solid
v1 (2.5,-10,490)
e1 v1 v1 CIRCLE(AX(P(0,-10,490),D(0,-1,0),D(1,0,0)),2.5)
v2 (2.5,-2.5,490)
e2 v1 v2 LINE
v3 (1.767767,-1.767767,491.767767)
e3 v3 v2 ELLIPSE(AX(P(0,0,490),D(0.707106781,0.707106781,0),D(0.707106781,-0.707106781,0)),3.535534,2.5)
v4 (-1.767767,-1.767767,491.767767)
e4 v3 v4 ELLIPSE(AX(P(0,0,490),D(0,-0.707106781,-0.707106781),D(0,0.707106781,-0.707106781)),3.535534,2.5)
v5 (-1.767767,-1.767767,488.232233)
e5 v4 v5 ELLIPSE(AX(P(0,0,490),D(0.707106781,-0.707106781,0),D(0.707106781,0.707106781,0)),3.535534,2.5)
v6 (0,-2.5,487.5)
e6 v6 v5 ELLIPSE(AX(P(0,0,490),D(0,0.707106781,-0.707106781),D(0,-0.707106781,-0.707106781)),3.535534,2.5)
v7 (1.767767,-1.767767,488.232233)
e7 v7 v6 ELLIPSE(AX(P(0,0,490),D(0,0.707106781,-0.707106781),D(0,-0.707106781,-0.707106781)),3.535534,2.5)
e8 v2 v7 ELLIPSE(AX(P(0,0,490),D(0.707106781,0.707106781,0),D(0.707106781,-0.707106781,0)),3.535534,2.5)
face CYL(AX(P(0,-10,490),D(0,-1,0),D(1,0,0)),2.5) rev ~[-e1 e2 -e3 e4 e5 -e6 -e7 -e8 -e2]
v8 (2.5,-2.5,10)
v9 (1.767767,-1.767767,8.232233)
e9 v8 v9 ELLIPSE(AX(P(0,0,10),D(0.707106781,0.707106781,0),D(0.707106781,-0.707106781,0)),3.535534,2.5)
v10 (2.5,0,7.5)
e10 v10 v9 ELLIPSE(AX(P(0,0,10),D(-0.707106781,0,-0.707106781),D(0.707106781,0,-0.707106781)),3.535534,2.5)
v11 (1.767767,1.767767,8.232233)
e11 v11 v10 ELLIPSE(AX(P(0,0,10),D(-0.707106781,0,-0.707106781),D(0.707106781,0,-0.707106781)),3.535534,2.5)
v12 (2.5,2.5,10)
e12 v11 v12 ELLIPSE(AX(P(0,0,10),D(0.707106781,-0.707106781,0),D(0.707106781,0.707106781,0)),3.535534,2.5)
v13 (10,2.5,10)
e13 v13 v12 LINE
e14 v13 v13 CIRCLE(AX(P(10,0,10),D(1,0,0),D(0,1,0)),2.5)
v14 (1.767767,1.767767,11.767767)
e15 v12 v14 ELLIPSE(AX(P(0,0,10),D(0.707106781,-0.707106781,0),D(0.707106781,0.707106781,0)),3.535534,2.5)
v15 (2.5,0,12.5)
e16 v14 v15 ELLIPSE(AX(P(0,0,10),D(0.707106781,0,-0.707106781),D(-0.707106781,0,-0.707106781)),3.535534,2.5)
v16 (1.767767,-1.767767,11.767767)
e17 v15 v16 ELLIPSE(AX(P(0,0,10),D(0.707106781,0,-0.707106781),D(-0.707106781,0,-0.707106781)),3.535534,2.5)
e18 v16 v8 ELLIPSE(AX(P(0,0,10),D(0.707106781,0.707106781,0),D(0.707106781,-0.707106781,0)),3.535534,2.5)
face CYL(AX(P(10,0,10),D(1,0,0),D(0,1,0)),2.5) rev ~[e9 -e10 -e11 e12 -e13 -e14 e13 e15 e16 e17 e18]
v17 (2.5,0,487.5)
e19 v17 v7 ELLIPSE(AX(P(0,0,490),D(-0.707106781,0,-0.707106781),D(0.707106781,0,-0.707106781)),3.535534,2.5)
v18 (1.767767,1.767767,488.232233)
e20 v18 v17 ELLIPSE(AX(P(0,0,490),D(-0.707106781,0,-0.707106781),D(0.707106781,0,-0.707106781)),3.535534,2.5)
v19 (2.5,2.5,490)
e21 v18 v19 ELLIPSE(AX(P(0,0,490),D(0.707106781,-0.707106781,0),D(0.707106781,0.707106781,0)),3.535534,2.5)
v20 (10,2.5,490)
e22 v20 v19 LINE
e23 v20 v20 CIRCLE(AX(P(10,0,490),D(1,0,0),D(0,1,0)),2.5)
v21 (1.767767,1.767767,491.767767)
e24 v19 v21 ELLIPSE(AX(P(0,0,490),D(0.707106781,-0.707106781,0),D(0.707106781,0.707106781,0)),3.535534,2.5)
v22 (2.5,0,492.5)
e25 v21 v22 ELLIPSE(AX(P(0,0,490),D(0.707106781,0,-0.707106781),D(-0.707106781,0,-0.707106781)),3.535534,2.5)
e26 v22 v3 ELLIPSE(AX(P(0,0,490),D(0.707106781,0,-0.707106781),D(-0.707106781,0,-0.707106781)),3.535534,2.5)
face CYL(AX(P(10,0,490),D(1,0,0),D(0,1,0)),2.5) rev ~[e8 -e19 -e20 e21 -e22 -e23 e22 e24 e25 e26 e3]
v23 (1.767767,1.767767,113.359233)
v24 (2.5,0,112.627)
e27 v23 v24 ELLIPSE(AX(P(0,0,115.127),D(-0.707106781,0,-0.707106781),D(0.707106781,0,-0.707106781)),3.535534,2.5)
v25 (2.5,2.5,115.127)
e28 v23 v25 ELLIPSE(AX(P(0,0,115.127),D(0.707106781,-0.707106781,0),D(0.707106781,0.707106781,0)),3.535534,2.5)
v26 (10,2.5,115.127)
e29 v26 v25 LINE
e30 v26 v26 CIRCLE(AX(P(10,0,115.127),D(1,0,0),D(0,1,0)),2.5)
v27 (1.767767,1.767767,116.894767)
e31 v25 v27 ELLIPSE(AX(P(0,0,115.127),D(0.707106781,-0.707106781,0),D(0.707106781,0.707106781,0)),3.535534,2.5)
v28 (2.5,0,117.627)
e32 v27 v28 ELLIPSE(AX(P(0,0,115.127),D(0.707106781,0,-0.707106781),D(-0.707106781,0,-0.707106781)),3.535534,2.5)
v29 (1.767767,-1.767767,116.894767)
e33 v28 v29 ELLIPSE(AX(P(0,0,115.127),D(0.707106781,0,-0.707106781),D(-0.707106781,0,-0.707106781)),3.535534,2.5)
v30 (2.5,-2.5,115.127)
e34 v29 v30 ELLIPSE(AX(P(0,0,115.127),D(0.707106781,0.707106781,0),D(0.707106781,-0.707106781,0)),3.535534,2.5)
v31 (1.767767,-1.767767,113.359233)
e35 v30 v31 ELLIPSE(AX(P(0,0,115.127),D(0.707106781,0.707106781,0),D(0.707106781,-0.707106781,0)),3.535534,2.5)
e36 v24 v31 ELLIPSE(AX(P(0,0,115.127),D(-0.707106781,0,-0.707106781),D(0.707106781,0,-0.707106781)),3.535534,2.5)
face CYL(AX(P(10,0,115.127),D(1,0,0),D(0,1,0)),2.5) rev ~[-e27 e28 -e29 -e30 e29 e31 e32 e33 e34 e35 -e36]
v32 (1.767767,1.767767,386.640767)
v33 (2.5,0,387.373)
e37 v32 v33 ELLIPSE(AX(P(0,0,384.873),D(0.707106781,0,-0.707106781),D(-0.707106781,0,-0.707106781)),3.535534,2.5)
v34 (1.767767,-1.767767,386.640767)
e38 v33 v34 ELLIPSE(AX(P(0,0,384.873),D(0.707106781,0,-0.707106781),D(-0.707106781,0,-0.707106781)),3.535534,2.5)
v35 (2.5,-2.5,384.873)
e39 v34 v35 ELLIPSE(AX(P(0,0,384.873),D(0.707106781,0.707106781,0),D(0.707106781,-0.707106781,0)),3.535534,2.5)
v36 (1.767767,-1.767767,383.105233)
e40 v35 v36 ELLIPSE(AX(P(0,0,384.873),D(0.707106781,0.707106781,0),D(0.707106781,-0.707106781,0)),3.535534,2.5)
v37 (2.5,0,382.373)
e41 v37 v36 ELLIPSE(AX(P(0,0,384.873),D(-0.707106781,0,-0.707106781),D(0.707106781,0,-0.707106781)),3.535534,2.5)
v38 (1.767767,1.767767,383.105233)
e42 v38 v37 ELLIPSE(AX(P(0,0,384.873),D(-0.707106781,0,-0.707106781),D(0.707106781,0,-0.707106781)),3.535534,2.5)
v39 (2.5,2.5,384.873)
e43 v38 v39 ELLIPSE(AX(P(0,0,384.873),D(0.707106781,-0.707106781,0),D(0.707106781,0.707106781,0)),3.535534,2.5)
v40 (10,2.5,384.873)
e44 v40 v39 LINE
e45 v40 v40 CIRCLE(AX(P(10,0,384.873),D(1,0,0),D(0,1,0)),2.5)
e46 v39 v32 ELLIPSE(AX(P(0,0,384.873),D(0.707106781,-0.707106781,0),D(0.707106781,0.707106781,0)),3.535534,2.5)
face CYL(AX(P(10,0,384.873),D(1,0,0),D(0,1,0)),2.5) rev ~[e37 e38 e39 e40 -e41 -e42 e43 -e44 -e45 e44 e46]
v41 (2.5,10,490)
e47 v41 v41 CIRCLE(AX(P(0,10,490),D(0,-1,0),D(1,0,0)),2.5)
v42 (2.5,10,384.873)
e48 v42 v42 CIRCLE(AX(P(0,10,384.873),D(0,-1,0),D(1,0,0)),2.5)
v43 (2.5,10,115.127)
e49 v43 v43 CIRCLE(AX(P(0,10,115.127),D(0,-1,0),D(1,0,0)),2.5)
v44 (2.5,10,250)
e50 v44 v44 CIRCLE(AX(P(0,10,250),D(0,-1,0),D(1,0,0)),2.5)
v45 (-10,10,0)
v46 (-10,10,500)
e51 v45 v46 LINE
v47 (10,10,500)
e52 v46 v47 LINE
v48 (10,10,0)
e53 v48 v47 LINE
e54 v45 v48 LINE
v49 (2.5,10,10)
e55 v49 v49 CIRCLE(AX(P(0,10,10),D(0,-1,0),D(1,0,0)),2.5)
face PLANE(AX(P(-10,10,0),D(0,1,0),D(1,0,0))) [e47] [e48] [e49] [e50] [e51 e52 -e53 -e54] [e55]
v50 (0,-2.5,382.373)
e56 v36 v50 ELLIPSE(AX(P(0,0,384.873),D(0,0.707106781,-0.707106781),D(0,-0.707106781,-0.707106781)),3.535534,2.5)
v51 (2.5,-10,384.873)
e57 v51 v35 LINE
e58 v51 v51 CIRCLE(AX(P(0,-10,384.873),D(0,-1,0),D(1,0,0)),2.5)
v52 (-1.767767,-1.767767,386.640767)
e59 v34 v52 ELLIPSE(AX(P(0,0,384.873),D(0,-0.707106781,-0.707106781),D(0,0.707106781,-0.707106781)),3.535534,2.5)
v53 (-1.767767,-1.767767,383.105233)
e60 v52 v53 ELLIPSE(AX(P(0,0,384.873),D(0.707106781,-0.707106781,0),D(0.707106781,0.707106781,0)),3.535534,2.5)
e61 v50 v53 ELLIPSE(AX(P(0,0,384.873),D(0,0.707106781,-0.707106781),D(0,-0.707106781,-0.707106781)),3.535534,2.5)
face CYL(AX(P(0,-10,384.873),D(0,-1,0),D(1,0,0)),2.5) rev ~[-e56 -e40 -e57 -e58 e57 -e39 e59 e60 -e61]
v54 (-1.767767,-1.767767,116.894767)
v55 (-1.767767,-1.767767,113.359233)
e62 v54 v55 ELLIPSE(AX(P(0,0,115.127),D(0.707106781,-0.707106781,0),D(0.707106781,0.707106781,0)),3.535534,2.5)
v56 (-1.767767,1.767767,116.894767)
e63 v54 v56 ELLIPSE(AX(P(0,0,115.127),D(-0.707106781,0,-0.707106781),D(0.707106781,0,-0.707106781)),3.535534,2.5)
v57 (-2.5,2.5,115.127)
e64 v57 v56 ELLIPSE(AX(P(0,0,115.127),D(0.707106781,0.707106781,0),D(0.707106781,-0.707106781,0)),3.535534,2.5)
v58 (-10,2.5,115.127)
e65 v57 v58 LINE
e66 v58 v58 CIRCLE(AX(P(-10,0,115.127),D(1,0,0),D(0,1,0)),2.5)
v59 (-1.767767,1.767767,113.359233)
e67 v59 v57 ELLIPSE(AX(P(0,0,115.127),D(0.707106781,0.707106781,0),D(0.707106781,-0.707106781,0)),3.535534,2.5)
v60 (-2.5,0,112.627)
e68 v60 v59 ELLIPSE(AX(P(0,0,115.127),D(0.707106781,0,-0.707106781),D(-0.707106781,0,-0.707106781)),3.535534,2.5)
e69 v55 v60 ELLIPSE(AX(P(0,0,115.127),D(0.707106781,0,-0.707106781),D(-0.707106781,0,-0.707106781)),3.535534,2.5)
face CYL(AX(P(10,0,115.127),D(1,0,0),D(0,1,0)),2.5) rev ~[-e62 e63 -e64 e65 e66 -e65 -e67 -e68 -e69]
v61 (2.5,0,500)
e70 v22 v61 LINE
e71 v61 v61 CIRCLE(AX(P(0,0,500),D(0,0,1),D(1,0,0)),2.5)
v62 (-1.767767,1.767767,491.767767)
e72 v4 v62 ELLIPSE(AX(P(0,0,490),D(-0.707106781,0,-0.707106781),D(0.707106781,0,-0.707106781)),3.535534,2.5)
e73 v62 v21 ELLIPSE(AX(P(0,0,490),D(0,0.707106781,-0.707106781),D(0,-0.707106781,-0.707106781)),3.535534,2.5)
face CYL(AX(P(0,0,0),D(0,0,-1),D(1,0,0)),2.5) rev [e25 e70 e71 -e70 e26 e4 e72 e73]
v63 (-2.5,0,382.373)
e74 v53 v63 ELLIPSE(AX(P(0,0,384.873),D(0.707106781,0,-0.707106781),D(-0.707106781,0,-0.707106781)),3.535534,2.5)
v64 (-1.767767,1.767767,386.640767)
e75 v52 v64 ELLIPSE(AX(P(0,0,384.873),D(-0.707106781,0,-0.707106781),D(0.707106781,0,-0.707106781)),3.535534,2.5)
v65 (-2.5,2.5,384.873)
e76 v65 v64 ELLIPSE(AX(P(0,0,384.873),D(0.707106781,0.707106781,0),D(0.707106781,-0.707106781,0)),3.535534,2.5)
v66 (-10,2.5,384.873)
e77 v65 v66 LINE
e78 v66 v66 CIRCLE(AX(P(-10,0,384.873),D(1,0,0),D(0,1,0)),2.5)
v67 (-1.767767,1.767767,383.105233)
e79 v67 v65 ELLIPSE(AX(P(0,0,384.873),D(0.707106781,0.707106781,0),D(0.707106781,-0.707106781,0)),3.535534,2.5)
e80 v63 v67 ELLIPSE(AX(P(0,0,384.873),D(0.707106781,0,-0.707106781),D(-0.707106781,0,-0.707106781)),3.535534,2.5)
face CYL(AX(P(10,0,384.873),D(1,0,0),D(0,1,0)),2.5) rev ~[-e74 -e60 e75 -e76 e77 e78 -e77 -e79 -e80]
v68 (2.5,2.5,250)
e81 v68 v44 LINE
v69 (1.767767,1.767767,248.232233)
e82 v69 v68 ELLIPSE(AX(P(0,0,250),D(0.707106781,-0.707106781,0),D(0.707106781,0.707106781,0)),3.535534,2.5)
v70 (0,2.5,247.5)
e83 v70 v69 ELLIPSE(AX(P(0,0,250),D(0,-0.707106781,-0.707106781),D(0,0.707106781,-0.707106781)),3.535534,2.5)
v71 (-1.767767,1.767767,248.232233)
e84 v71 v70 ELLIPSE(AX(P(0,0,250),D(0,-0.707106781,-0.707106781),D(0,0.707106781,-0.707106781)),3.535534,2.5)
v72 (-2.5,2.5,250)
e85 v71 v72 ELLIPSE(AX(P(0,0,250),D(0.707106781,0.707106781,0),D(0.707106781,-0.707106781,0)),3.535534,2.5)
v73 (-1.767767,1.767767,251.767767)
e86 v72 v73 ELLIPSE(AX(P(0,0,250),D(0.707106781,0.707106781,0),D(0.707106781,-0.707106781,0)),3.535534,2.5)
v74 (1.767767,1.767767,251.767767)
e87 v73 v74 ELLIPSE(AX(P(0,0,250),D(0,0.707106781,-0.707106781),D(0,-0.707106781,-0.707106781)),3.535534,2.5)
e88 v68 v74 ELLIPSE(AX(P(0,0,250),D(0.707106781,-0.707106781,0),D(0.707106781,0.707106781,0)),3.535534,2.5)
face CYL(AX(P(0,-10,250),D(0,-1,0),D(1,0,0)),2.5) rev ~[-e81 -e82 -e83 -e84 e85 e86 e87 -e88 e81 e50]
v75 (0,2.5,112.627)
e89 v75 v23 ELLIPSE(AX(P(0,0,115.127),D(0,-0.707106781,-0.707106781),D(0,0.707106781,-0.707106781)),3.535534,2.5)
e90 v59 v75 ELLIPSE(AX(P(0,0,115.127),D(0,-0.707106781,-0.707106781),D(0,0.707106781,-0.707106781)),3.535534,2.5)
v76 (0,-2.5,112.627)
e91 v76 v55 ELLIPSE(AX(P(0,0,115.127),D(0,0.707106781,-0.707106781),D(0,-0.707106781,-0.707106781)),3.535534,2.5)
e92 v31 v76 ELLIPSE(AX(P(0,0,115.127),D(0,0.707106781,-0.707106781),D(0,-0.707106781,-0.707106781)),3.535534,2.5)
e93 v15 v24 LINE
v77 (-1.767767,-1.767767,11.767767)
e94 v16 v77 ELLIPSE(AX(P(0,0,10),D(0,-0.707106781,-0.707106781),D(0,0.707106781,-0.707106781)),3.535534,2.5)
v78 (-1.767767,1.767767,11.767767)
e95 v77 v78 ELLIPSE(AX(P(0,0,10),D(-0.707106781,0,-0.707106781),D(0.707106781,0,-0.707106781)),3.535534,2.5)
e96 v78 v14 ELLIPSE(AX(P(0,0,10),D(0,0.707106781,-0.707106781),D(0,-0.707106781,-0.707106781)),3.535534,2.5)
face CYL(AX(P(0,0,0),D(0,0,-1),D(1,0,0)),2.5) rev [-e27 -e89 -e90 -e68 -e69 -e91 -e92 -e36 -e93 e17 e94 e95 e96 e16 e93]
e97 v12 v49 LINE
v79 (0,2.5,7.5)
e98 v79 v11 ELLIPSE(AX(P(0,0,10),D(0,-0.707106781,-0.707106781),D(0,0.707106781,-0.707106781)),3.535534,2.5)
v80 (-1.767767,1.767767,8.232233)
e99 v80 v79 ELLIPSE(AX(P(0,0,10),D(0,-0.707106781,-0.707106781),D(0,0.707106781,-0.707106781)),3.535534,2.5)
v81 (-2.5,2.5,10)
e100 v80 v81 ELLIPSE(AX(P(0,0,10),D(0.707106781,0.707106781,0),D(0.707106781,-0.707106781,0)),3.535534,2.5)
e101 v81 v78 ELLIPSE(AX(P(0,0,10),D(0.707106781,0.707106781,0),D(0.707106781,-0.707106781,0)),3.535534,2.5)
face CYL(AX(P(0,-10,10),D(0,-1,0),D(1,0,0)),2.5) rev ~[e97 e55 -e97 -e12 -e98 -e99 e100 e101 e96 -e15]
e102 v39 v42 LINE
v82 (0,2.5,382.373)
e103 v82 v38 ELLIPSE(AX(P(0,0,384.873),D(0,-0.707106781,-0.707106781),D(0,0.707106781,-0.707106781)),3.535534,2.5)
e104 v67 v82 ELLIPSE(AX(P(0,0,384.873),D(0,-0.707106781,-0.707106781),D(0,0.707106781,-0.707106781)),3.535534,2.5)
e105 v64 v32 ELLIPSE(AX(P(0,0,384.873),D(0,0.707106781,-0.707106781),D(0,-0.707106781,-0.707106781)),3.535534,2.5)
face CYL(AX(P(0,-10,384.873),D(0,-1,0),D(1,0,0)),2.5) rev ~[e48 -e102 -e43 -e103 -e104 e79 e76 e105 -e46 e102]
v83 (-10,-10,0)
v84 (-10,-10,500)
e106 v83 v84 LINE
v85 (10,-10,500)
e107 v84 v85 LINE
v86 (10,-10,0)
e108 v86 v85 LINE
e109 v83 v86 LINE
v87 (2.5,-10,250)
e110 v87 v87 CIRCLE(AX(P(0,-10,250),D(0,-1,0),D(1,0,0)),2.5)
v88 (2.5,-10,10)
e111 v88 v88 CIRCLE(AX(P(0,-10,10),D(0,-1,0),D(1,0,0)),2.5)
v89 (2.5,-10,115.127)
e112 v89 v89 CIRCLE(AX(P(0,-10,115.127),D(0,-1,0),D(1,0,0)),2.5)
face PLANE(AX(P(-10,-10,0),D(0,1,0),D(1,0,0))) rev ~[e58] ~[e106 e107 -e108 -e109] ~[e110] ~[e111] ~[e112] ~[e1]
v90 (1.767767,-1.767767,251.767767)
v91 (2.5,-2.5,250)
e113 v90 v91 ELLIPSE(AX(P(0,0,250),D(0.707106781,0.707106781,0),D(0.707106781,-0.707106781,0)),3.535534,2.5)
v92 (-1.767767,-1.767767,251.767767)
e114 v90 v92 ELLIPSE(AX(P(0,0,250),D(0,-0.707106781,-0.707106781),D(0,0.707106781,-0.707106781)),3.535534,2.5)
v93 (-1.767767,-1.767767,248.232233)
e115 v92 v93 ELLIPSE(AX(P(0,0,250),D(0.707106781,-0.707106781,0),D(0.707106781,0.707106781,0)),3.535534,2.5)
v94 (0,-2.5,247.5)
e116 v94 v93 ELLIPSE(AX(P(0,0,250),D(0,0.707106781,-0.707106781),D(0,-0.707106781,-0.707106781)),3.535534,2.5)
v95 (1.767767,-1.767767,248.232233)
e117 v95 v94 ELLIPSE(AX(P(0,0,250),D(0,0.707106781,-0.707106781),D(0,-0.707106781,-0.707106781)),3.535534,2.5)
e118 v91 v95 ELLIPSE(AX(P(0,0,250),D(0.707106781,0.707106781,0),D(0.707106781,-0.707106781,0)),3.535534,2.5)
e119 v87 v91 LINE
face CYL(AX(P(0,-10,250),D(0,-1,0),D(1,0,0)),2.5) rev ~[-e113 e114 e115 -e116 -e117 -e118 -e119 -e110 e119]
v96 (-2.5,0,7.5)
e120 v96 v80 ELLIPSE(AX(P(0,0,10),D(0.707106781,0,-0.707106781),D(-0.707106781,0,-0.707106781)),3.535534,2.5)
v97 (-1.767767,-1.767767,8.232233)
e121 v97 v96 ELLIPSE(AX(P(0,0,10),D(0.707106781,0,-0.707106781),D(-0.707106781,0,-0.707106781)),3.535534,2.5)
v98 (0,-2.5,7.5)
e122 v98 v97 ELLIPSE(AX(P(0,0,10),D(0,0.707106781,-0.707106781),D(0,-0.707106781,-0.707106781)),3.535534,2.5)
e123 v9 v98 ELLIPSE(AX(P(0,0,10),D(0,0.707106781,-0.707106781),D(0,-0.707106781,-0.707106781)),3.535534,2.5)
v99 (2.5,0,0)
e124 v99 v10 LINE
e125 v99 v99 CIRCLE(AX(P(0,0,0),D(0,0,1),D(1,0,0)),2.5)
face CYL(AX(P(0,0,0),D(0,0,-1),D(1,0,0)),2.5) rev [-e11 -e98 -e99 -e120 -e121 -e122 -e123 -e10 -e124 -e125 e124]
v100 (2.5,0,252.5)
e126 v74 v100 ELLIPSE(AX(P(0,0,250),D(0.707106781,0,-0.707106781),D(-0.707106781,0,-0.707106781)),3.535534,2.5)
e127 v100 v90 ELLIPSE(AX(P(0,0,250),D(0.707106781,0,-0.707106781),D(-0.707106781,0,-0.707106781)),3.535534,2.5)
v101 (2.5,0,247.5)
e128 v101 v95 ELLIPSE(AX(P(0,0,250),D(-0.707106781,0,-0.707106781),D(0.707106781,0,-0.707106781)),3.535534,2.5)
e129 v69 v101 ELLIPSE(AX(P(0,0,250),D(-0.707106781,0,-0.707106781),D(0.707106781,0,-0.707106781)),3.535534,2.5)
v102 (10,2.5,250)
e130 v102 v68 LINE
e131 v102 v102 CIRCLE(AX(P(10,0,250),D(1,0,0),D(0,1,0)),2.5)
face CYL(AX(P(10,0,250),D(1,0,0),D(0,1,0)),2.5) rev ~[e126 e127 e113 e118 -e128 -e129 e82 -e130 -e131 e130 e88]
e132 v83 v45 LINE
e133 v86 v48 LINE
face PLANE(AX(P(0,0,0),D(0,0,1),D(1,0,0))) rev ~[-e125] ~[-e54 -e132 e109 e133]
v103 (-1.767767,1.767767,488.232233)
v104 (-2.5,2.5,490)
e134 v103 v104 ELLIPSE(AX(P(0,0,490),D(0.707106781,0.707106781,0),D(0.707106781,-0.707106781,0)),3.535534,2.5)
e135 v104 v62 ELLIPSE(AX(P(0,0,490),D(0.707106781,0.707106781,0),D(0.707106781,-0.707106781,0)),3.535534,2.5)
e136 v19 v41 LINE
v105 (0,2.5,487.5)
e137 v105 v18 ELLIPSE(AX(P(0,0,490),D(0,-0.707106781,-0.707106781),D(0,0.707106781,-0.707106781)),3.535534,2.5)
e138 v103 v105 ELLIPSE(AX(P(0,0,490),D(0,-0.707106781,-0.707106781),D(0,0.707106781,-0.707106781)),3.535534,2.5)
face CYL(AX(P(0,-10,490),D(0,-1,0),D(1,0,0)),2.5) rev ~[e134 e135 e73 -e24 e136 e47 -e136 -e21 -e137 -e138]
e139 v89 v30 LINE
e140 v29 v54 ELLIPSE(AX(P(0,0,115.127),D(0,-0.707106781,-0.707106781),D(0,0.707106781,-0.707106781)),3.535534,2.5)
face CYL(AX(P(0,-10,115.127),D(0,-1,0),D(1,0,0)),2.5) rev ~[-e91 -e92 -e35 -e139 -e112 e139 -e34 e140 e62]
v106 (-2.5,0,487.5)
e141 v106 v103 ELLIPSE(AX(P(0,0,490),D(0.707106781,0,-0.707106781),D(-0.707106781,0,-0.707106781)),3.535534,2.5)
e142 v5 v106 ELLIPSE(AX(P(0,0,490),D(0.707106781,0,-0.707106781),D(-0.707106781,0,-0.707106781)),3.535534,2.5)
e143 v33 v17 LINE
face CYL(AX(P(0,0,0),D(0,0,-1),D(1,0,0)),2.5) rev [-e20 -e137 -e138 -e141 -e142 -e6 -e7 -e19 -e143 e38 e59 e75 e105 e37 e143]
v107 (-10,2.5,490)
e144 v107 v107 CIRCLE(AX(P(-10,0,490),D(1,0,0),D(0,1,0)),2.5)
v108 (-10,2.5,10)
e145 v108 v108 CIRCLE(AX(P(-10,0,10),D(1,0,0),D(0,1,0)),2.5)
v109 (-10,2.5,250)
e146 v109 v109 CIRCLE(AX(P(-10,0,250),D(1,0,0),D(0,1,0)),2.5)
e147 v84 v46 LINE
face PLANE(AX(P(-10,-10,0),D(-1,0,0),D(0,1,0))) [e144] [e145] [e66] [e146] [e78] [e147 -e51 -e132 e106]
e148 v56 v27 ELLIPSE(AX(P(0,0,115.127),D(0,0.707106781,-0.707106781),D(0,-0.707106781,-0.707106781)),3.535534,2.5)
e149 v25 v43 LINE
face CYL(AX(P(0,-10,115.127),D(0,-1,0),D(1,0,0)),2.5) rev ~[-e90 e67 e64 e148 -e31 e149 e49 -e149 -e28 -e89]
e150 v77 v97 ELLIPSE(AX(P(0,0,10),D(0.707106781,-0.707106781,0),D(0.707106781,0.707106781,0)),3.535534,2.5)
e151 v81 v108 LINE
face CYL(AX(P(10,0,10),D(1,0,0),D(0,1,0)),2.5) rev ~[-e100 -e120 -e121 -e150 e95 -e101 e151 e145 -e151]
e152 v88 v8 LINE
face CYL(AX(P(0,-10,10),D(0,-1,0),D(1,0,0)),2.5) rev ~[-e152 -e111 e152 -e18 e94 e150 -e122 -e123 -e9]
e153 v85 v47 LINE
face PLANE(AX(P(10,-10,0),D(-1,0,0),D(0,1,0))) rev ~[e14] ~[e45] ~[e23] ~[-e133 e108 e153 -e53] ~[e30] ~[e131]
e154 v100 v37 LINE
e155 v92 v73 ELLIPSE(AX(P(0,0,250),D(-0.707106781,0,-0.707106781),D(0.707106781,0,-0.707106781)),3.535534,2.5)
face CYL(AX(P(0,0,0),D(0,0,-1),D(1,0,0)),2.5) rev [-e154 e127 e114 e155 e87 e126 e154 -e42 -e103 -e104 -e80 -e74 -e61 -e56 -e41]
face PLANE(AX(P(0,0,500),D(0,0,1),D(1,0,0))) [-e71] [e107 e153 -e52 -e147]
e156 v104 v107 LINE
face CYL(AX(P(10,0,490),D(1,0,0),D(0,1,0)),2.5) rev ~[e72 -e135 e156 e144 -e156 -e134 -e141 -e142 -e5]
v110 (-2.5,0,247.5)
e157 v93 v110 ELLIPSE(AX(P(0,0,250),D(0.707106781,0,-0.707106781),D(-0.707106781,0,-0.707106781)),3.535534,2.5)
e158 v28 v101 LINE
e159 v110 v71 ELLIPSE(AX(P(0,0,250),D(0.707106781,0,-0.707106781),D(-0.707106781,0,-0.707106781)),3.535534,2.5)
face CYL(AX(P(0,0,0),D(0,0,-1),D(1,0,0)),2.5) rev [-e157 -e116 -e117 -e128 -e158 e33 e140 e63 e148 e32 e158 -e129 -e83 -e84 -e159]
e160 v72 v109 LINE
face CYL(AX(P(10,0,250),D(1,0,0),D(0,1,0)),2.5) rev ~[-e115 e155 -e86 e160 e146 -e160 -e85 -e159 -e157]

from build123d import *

# Parameters (mm, degrees)
F0_W     = 20
F0_H     = 20
F0_R     = 2.5
F1_DEPTH = 500
F2_R     = 2.5
F3_DEPTH = 20.001
F4_R     = 2.5
F5_DEPTH = 20.001


with BuildPart() as f1:
    # F0 (on Top) → F1 (new body)
    with BuildSketch(Plane.XY):
        Rectangle(F0_W, F0_H)
        Circle(F0_R, mode=Mode.SUBTRACT)
    extrude(amount=F1_DEPTH)

    # F2 (on face) → F3 (cut, through all)
    with BuildSketch(Plane.YZ.offset(10)):
        with Locations((0, 10)):
            Circle(F2_R)
        with Locations((0, 490)):
            Circle(F2_R)
        with Locations((0, 250)):
            Circle(F2_R)
        with Locations((0, 115.127)):
            Circle(F2_R)
        with Locations((0, 384.873)):
            Circle(F2_R)
    extrude(amount=-F3_DEPTH, mode=Mode.SUBTRACT)

    # F4 (on face) → F5 (cut, through all)
    with BuildSketch(Plane.XZ.offset(10)):
        with Locations((0, 250)):
            Circle(F4_R)
        with Locations((0, 490)):
            Circle(F4_R)
        with Locations((0, 10)):
            Circle(F4_R)
        with Locations((0, 115.127)):
            Circle(F4_R)
        with Locations((0, 384.873)):
            Circle(F4_R)
    extrude(amount=-F5_DEPTH, mode=Mode.SUBTRACT)


solid = f1.part
